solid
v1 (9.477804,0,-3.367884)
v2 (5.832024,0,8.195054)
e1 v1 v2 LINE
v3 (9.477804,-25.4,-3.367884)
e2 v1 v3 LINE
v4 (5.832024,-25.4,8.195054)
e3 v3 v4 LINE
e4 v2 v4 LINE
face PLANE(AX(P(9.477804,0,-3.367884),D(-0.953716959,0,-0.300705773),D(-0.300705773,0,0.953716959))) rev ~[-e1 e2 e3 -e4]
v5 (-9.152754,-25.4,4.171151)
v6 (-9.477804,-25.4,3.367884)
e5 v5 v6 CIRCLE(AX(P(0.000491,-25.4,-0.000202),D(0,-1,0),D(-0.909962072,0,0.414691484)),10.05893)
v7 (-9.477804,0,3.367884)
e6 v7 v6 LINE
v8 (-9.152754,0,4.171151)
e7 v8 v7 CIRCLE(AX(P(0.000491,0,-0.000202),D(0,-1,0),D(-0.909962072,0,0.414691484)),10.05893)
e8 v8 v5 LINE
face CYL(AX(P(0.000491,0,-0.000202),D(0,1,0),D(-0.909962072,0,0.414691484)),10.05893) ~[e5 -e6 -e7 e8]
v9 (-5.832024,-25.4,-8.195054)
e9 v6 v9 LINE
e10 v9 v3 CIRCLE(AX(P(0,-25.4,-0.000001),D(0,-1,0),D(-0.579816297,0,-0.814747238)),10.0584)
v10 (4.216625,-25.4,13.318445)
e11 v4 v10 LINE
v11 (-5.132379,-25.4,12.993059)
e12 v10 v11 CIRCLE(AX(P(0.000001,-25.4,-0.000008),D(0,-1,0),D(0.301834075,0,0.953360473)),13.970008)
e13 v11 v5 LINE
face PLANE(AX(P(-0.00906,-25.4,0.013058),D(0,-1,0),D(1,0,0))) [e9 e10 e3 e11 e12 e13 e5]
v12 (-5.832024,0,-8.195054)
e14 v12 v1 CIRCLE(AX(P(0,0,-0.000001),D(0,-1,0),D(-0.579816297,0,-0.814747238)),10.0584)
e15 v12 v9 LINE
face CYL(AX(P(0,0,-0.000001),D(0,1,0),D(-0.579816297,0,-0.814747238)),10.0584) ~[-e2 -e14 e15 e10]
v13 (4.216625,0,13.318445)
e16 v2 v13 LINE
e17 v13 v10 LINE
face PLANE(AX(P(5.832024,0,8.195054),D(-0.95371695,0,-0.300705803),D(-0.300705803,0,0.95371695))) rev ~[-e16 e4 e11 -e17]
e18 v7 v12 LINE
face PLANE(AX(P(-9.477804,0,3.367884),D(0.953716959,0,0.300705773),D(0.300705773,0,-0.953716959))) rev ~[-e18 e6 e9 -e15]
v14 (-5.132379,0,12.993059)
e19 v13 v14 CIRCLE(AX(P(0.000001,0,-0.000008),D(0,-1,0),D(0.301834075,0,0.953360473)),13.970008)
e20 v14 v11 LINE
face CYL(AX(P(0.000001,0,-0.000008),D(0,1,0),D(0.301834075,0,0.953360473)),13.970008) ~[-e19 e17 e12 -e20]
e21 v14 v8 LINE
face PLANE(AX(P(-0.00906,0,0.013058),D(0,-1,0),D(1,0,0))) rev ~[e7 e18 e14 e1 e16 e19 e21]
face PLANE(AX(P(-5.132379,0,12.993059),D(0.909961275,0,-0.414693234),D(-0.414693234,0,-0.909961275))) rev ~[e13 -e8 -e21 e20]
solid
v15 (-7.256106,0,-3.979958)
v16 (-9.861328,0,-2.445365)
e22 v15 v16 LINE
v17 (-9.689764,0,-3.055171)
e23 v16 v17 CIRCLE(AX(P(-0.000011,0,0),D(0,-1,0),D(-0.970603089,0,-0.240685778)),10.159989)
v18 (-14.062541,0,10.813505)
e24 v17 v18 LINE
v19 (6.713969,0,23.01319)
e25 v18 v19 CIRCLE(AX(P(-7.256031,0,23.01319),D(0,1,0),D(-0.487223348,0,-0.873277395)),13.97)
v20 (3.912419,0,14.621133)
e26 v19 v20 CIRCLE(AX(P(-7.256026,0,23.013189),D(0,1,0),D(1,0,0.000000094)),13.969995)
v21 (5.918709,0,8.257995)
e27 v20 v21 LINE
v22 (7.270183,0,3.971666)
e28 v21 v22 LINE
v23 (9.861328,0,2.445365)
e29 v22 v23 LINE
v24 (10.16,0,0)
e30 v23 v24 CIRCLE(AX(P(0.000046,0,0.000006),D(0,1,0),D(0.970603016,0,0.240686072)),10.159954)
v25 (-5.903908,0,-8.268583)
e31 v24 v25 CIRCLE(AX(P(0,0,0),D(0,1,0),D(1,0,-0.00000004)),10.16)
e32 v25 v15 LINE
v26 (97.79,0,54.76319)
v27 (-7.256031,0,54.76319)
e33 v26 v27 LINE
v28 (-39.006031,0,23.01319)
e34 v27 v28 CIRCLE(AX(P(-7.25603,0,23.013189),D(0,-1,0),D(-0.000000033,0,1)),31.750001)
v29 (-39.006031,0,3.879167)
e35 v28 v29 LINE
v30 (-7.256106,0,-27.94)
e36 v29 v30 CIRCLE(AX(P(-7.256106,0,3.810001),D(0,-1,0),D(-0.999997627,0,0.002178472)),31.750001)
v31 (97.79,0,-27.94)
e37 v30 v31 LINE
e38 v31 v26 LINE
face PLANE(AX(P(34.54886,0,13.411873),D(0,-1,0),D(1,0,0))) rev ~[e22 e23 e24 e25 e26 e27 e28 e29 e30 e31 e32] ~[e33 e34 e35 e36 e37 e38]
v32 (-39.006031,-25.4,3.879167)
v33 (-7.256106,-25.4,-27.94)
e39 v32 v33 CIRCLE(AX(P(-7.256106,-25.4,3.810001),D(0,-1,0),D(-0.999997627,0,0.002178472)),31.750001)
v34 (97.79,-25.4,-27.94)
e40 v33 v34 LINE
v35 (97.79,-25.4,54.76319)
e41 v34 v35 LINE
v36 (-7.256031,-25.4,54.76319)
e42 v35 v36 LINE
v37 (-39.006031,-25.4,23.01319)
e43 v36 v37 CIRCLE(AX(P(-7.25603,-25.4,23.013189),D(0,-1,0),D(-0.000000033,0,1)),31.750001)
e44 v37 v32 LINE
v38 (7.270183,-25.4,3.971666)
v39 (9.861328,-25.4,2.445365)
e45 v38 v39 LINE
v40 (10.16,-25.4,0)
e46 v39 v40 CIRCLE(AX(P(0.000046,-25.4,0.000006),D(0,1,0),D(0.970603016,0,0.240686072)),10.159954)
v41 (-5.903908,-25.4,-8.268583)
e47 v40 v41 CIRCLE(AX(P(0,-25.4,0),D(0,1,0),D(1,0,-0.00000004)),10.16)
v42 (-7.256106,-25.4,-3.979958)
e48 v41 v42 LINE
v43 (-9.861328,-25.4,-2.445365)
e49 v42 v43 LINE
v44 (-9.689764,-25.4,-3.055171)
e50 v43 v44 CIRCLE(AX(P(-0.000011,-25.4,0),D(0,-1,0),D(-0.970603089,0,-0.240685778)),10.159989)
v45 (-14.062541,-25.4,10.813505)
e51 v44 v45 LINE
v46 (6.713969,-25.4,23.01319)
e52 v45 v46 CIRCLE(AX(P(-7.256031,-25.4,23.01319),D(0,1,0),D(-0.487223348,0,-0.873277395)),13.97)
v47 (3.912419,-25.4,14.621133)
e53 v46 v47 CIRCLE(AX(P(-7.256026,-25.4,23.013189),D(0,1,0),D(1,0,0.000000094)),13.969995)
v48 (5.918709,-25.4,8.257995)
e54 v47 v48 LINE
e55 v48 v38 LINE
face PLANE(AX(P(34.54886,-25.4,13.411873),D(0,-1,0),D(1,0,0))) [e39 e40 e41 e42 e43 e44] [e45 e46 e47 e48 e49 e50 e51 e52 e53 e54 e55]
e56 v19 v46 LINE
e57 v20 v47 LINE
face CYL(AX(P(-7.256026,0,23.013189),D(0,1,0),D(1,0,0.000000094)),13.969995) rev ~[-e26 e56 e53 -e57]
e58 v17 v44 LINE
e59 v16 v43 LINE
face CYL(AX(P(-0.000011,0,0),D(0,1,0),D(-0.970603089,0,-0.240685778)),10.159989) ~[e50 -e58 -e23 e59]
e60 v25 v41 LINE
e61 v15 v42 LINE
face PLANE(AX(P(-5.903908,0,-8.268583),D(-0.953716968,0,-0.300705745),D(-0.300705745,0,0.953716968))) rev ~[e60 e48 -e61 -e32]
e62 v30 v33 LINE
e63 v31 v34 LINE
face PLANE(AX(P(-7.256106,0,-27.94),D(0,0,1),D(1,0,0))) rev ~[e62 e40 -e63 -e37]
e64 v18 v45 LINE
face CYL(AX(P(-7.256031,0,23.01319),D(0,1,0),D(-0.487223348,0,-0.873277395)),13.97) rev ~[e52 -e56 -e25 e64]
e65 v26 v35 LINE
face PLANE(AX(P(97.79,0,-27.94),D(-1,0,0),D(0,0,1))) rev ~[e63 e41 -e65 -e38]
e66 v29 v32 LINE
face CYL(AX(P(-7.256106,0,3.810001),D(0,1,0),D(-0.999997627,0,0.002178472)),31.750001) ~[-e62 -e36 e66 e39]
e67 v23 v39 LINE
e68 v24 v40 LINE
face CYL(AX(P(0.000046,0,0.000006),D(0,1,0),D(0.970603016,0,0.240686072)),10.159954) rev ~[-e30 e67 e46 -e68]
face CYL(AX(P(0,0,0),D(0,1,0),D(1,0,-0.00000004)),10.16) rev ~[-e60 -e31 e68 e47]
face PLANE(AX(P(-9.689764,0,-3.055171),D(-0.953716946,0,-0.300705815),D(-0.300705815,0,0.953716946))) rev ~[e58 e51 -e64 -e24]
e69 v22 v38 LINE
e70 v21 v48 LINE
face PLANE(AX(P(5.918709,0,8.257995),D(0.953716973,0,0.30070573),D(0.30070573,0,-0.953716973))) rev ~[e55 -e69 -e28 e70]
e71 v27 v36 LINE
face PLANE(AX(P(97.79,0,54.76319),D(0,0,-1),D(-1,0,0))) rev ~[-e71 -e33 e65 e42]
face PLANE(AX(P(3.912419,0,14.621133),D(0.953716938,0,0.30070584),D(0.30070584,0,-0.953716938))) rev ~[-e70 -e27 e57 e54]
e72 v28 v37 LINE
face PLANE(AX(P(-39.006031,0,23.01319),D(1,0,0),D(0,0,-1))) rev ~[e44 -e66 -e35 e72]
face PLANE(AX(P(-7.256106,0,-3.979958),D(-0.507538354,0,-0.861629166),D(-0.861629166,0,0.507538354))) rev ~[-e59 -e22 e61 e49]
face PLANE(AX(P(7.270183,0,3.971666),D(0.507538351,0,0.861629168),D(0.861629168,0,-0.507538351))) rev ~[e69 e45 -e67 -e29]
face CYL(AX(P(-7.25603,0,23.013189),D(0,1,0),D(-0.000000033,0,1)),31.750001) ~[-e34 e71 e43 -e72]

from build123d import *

# Parameters (mm, degrees)
F2_DEPTH = 25.4
F3_DEPTH = 25.4


with BuildPart() as f2:
    # F1 (on Front) → F2 (new body)
    with BuildSketch(Plane.XZ):
        with BuildLine():
            Line((9.477804, -3.367884), (5.832024, 8.195054))
            ThreePointArc((5.832024, 8.195054), (-2.608594, 9.71425), (-9.152754, 4.171151))
            ThreePointArc((-9.152754, 4.171151), (-9.323933, 3.773019), (-9.477804, 3.367884))
            Line((-9.477804, 3.367884), (-5.832024, -8.195054))
            ThreePointArc((-5.832024, -8.195054), (3.024619, -9.592867), (9.477804, -3.367884))
        make_face()
        with BuildLine():
            ThreePointArc((-9.152754, 4.171151), (-2.608594, 9.71425), (5.832024, 8.195054))
            Line((5.832024, 8.195054), (4.216625, 13.318445))
            ThreePointArc((4.216625, 13.318445), (-0.485922, 13.961546), (-5.132379, 12.993059))
            Line((-5.132379, 12.993059), (-9.152754, 4.171151))
        make_face()
    extrude(amount=F2_DEPTH)


with BuildPart() as f3:
    # F0 (on Front) → F3 (new body)
    with BuildSketch(Plane.XZ):
        with BuildLine():
            Line((0, 54.76319), (-7.256031, 54.76319))
            ThreePointArc((-7.256031, 54.76319), (-29.706671, 45.46383), (-39.006031, 23.01319))
            Line((-39.006031, 23.01319), (-39.006031, 3.879167))
            ThreePointArc((-39.006031, 3.879167), (-29.731187, -18.616173), (-7.256106, -27.94))
            Line((-7.256106, -27.94), (0, -27.94))
            Line((0, -27.94), (97.79, -27.94))
            Line((97.79, -27.94), (97.79, 54.76319))
            Line((97.79, 54.76319), (0, 54.76319))
        make_face()
        with BuildLine():
            ThreePointArc((9.861328, 2.445365), (10.085056, 1.231768), (10.16, 0))
            ThreePointArc((10.16, 0), (4.649833, -9.033529), (-5.903908, -8.268583))
            ThreePointArc((-5.903908, -8.268583), (-6.605389, -7.719744), (-7.256106, -7.111577))
            ThreePointArc((-7.256106, -7.111577), (-8.712304, -5.226984), (-9.689764, -3.055171))
            Line((-9.689764, -3.055171), (-14.062541, 10.813505))
            ThreePointArc((-14.062541, 10.813505), (-14.329713, 35.059929), (6.713969, 23.01319))
            ThreePointArc((6.713969, 23.01319), (5.995085, 18.589523), (3.912419, 14.621133))
            Line((3.912419, 14.621133), (5.918709, 8.257995))
            ThreePointArc((5.918709, 8.257995), (8.408273, 5.703204), (9.861328, 2.445365))
        make_face(mode=Mode.SUBTRACT)
        with BuildLine():
            ThreePointArc((-7.256106, -7.111577), (-6.605389, -7.719744), (-5.903908, -8.268583))
            Line((-5.903908, -8.268583), (-7.256106, -3.979958))
            Line((-7.256106, -3.979958), (-7.256106, -7.111577))
        make_face()
        with BuildLine():
            ThreePointArc((-9.689764, -3.055171), (-8.712304, -5.226984), (-7.256106, -7.111577))
            Line((-7.256106, -7.111577), (-7.256106, -3.979958))
            Line((-7.256106, -3.979958), (-9.861328, -2.445365))
            ThreePointArc((-9.861328, -2.445365), (-9.7803, -2.751605), (-9.689764, -3.055171))
        make_face()
        with BuildLine():
            Line((7.270183, 3.971666), (9.861328, 2.445365))
            ThreePointArc((9.861328, 2.445365), (8.408273, 5.703204), (5.918709, 8.257995))
            Line((5.918709, 8.257995), (7.270183, 3.971666))
        make_face()
    extrude(amount=F3_DEPTH)


solid = Compound([f2.part, f3.part])
